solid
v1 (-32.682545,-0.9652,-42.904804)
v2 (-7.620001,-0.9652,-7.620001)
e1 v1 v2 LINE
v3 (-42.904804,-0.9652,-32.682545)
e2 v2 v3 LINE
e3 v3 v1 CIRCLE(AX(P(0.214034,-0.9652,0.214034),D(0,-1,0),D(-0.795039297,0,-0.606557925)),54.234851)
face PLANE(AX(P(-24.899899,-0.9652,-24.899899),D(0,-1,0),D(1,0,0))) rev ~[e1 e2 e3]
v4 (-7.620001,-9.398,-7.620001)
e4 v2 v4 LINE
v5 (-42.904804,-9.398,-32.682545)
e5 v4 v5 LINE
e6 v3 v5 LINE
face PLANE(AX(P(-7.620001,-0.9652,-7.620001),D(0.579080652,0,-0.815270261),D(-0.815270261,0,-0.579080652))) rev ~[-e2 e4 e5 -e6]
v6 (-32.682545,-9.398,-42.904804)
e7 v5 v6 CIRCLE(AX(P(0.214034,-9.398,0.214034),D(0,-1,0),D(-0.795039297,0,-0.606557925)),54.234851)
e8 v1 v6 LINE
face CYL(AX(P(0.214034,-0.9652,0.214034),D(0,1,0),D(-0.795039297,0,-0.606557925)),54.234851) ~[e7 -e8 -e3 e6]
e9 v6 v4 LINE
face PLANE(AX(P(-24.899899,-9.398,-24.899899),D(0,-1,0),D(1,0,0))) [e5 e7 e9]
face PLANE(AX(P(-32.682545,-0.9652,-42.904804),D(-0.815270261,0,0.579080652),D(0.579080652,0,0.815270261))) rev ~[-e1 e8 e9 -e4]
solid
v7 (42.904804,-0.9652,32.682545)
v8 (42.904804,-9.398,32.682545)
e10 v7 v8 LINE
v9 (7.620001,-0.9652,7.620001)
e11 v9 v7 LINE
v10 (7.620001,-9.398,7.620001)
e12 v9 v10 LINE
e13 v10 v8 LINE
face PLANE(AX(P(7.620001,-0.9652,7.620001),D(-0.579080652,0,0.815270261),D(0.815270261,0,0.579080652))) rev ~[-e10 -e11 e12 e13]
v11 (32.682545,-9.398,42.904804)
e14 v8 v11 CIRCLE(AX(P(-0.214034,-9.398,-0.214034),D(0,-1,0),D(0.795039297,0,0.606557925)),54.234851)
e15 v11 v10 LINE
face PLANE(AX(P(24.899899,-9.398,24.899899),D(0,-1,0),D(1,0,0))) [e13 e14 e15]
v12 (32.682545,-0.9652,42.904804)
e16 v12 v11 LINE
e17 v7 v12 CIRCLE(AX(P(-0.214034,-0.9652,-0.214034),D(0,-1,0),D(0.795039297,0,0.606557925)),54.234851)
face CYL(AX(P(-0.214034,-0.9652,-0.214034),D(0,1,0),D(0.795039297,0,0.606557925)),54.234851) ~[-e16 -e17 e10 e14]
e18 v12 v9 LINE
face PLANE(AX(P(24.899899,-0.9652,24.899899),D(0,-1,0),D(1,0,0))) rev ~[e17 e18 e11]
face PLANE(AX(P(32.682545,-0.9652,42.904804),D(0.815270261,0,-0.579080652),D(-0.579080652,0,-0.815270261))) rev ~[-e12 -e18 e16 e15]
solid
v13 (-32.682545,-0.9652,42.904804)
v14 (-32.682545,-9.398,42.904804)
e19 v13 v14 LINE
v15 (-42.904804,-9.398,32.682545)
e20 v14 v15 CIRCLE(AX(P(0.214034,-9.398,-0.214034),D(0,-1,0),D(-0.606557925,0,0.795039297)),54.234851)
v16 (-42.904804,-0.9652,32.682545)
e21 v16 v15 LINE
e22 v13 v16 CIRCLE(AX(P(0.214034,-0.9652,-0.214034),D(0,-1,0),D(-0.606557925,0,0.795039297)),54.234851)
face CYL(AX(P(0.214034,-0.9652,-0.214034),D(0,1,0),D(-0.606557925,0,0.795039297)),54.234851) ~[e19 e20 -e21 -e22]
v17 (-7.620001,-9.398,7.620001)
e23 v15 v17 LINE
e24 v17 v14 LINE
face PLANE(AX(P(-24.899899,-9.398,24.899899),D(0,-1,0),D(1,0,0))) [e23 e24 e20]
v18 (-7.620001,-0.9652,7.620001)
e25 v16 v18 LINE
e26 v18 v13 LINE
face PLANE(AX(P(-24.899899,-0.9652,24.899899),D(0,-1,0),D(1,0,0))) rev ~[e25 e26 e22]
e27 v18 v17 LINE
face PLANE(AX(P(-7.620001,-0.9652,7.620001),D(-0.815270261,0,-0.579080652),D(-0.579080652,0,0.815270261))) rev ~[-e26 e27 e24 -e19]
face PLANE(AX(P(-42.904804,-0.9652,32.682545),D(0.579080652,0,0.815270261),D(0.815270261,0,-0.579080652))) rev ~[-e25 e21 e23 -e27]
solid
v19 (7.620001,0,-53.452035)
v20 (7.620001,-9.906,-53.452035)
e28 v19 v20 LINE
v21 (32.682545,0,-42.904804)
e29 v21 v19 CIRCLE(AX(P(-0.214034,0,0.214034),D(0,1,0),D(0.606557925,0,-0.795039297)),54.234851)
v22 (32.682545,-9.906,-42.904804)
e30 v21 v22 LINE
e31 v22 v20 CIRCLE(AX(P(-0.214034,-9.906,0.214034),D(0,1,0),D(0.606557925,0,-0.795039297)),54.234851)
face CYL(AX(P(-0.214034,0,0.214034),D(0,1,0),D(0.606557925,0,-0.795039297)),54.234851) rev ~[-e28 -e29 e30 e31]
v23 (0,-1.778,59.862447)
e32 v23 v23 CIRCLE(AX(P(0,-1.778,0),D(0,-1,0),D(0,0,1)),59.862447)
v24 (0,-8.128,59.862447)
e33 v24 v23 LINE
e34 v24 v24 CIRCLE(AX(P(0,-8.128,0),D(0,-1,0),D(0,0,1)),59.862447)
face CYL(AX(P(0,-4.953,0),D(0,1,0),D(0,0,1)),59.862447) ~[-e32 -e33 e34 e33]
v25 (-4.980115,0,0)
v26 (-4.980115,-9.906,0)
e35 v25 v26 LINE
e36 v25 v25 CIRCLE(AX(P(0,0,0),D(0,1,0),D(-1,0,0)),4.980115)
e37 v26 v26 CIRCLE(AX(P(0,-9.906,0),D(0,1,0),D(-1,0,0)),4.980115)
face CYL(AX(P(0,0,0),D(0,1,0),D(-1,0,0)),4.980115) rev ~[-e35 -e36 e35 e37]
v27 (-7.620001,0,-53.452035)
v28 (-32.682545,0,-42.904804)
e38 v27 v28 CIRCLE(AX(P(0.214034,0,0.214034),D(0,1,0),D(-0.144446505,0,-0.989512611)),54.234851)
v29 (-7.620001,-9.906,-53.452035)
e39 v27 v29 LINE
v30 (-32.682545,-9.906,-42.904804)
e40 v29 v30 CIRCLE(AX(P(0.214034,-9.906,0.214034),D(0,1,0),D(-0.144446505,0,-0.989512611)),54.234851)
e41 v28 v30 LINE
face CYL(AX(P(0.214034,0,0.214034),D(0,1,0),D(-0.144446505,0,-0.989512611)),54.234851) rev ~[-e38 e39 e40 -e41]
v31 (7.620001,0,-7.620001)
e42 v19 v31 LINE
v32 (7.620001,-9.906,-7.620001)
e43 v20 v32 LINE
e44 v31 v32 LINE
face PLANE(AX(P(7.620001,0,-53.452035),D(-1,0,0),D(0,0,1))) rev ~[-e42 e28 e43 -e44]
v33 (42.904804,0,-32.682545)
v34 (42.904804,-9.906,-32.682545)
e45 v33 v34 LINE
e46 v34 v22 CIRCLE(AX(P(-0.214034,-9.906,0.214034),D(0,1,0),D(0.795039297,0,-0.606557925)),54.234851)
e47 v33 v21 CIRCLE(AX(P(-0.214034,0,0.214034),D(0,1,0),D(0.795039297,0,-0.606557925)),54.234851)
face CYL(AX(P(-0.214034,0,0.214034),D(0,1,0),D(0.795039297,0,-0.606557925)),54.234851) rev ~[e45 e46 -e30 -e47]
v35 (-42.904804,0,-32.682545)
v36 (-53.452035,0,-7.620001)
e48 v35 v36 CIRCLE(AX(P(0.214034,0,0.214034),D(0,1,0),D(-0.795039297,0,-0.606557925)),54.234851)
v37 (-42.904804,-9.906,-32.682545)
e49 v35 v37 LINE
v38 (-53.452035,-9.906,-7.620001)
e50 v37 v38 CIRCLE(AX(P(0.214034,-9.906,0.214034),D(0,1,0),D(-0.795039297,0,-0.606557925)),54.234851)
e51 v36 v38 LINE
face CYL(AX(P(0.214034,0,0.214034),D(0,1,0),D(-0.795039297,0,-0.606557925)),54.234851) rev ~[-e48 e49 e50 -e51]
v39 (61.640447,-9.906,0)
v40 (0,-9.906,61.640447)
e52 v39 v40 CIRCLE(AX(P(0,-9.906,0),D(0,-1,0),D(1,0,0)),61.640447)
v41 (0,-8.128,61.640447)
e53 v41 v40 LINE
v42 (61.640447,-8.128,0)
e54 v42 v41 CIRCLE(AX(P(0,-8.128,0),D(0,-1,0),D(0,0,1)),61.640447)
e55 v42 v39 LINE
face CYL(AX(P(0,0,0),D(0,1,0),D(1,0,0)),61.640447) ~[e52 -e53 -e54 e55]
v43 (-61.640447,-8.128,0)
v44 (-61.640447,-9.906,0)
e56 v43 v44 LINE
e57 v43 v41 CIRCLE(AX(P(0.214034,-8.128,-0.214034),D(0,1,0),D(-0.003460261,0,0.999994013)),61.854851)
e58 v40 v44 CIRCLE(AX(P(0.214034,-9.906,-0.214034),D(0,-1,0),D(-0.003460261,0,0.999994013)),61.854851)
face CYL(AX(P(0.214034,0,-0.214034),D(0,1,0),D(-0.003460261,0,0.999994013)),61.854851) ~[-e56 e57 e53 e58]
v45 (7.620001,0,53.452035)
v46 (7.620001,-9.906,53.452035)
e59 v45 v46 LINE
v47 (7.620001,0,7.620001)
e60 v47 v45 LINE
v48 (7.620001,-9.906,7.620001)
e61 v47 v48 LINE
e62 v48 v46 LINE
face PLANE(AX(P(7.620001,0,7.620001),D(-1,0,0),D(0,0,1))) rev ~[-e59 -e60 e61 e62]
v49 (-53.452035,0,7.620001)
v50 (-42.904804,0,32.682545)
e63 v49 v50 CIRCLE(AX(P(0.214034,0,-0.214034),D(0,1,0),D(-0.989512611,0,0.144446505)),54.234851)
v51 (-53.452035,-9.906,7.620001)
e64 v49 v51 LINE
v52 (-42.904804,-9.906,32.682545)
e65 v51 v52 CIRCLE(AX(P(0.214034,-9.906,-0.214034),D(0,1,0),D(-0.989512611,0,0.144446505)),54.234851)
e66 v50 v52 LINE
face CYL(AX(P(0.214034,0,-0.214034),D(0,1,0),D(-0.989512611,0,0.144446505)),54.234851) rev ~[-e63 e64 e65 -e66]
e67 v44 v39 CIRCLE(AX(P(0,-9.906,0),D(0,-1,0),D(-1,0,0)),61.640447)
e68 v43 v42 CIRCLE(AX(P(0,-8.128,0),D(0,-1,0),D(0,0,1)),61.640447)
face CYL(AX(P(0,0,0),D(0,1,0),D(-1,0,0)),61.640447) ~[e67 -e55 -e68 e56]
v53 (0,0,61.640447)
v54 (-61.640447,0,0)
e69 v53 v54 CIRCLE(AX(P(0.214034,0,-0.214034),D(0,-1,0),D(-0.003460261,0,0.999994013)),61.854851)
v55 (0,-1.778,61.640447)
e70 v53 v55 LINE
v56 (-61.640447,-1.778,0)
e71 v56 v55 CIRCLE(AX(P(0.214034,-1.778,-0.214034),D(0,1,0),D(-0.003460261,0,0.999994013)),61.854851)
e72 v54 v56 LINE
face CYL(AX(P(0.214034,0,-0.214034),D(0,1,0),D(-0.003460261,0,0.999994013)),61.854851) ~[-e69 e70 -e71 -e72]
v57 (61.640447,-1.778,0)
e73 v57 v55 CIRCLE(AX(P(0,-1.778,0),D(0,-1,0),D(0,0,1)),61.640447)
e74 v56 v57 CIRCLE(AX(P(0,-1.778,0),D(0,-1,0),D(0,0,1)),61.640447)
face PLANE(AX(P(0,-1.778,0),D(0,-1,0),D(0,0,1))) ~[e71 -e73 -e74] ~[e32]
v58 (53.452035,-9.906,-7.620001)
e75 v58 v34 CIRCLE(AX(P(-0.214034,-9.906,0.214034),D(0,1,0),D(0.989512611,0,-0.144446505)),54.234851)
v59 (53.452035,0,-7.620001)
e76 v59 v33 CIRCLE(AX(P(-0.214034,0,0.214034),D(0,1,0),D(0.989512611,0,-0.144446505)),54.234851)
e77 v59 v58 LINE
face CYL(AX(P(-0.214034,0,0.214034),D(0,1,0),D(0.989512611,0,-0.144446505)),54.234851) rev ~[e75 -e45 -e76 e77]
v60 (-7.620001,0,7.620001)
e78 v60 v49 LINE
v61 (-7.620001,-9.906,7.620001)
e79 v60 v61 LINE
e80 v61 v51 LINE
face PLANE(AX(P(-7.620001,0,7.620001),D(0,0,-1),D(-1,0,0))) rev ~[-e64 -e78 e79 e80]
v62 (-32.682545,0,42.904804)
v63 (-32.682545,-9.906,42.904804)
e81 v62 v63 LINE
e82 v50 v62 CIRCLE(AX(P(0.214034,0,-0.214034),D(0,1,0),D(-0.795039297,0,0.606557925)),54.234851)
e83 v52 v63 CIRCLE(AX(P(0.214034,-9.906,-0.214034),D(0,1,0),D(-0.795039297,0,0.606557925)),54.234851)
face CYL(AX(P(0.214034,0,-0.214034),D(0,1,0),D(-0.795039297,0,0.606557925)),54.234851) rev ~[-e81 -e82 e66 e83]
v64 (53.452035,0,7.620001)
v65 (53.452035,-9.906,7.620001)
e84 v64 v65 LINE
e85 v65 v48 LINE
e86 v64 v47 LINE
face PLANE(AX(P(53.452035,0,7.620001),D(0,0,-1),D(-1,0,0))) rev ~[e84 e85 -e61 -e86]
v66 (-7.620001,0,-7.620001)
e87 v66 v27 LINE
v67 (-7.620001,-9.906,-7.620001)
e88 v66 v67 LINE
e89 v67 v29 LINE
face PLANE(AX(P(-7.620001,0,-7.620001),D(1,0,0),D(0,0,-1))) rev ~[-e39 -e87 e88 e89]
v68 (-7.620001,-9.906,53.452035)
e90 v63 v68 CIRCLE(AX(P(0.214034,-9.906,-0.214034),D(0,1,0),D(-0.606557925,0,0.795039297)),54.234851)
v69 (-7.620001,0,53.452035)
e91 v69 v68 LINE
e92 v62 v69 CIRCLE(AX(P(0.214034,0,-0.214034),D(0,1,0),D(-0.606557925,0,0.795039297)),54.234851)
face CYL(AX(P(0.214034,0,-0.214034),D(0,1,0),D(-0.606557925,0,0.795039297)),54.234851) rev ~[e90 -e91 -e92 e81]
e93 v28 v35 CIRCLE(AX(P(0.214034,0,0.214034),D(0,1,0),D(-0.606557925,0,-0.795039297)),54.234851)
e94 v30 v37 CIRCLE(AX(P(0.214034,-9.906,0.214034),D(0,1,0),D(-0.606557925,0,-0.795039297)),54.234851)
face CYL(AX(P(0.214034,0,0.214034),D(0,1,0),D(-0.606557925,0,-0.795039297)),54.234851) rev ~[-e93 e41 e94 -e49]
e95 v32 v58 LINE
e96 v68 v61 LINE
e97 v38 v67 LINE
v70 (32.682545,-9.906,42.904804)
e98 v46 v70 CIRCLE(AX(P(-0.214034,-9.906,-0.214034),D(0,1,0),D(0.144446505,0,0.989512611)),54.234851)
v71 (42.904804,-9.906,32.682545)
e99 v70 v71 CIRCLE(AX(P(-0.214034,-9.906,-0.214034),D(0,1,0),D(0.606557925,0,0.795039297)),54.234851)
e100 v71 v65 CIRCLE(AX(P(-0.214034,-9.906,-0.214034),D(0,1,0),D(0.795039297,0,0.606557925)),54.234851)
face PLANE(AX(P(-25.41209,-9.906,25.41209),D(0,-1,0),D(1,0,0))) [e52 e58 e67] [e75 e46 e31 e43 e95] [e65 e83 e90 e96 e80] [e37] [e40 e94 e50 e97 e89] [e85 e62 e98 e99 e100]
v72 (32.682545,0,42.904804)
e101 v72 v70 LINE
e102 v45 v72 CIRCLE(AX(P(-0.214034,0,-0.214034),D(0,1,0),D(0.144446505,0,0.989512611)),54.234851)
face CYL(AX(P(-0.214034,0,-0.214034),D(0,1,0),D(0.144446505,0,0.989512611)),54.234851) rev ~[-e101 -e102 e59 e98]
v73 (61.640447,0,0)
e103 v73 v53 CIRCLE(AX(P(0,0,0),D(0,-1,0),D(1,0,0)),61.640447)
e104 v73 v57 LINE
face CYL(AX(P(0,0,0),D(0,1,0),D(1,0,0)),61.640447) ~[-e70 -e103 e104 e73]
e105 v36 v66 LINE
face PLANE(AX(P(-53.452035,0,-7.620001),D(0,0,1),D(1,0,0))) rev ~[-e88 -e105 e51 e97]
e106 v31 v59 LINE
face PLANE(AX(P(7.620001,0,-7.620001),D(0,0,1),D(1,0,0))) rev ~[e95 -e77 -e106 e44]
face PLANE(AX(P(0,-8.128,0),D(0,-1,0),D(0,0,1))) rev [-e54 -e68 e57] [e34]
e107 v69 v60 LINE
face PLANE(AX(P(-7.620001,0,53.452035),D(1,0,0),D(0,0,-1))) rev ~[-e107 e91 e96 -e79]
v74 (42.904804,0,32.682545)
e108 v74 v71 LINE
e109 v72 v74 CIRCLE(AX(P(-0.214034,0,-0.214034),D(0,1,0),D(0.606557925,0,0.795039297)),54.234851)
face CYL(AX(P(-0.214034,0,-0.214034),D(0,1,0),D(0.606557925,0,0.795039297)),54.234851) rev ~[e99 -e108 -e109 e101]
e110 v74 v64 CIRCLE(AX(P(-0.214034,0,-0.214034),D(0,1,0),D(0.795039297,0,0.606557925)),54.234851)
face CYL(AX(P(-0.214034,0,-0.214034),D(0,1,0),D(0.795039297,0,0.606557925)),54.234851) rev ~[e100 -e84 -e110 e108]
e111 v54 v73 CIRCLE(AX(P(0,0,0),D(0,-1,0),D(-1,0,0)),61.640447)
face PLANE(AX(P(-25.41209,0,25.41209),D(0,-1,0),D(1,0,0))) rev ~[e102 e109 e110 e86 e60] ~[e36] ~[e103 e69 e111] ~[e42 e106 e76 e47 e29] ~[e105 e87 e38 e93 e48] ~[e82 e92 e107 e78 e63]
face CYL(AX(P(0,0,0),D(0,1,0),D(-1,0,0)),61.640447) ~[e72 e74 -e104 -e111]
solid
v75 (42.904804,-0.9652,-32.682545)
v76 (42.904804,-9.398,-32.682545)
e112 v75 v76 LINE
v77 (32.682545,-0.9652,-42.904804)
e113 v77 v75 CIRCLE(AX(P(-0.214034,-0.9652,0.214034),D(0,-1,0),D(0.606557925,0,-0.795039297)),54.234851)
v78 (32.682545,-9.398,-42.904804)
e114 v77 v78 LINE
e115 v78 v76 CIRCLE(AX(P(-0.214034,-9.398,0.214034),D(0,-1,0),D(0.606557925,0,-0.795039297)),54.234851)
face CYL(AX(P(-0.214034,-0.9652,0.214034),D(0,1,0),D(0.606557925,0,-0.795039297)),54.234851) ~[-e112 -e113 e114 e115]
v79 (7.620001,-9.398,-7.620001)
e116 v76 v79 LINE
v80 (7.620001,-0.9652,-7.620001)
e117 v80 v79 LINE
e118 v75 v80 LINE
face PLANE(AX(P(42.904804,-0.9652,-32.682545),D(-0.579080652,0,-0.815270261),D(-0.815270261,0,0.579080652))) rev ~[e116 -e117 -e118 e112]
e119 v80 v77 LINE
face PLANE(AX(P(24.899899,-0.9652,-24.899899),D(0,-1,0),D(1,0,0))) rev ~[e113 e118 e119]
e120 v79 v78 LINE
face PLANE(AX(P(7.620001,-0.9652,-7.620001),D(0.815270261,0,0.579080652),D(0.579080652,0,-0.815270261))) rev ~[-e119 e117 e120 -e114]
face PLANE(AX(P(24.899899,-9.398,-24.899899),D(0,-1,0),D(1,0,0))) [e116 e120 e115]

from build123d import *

# Parameters (mm, degrees)
F1_DEPTH = 9.906
F2_R     = 4.9801152189
F3_DEPTH = 25.4
F4_START = 0.9652
F4_DEPTH = 8.4328
F5_W     = 6.35
F5_H     = 1.778


with BuildPart() as f1:
    # F0 (on Front) → F1 (new body)
    with BuildSketch(Plane.XZ):
        with BuildLine():
            Line((0, 0), (0, 61.6404471462))
            ThreePointArc((0, 61.6404471462), (-43.5239509261, 43.5239509261), (-61.6404471462, 0))
            Line((-61.6404471462, 0), (0, 0))
        make_face()
        with BuildLine():
            ThreePointArc((-32.6825445587, 42.9048036652), (-20.8229984577, 49.7745877791), (-7.620000662, 53.4520348147))
            Line((-7.620000662, 53.4520348147), (-7.620000662, 7.620000662))
            Line((-7.620000662, 7.620000662), (-53.4520348147, 7.620000662))
            ThreePointArc((-53.4520348147, 7.620000662), (-49.7745877791, 20.8229984577), (-42.9048036652, 32.6825445587))
            ThreePointArc((-42.9048036652, 32.6825445587), (-38.1357967854, 38.1357967854), (-32.6825445587, 42.9048036652))
        make_face(mode=Mode.SUBTRACT)
        with BuildLine():
            ThreePointArc((-61.6404471462, 0), (0, -61.6404471462), (61.6404471462, 0))
            ThreePointArc((61.6404471462, 0), (43.5863781724, 43.5863781724), (0, 61.6404471462))
            Line((0, 61.6404471462), (0, 0))
            Line((0, 0), (-61.6404471462, 0))
        make_face()
        with BuildLine():
            ThreePointArc((-42.9048036652, -32.6825445587), (-49.7745877791, -20.8229984577), (-53.4520348147, -7.620000662))
            Line((-53.4520348147, -7.620000662), (-7.620000662, -7.620000662))
            Line((-7.620000662, -7.620000662), (-7.620000662, -53.4520348147))
            ThreePointArc((-7.620000662, -53.4520348147), (-20.8229984577, -49.7745877791), (-32.6825445587, -42.9048036652))
            ThreePointArc((-32.6825445587, -42.9048036652), (-38.1357967854, -38.1357967854), (-42.9048036652, -32.6825445587))
        make_face(mode=Mode.SUBTRACT)
        with BuildLine():
            ThreePointArc((32.6825445587, -42.9048036652), (20.8229984577, -49.7745877791), (7.620000662, -53.4520348147))
            Line((7.620000662, -53.4520348147), (7.620000662, -7.620000662))
            Line((7.620000662, -7.620000662), (53.4520348147, -7.620000662))
            ThreePointArc((53.4520348147, -7.620000662), (49.7745877791, -20.8229984577), (42.9048036652, -32.6825445587))
            ThreePointArc((42.9048036652, -32.6825445587), (38.1357967854, -38.1357967854), (32.6825445587, -42.9048036652))
        make_face(mode=Mode.SUBTRACT)
        with BuildLine():
            ThreePointArc((42.9048036652, 32.6825445587), (49.7745877791, 20.8229984577), (53.4520348147, 7.620000662))
            Line((53.4520348147, 7.620000662), (7.620000662, 7.620000662))
            Line((7.620000662, 7.620000662), (7.620000662, 53.4520348147))
            ThreePointArc((7.620000662, 53.4520348147), (20.8229984577, 49.7745877791), (32.6825445587, 42.9048036652))
            ThreePointArc((32.6825445587, 42.9048036652), (38.1357967854, 38.1357967854), (42.9048036652, 32.6825445587))
        make_face(mode=Mode.SUBTRACT)
    extrude(amount=F1_DEPTH)

    # F2 (on face) → F3 (cut)
    with BuildSketch(Plane(origin=(0, 0, 0), x_dir=(-1, 0, 0), z_dir=(0, 1, 0))):
        Circle(F2_R)
    extrude(amount=-F3_DEPTH, mode=Mode.SUBTRACT)

    # F5 (on Right) → F6 (revolve, cut)
    with BuildSketch(Plane.YZ):
        with Locations((-4.953, 60.7514471462)):
            Rectangle(F5_W, F5_H)
    revolve(axis=Axis((0, -19.4112598596, 0), (0, -1, 0)), mode=Mode.SUBTRACT)


with BuildPart() as f4:
    # F0 (on Front) → F4 (new body)
    with BuildSketch(Plane.XZ.offset(F4_START)):
        with BuildLine():
            Line((-7.620000662, 7.620000662), (-32.6825445587, 42.9048036652))
            ThreePointArc((-32.6825445587, 42.9048036652), (-38.1357967854, 38.1357967854), (-42.9048036652, 32.6825445587))
            Line((-42.9048036652, 32.6825445587), (-7.620000662, 7.620000662))
        make_face()
    extrude(amount=F4_DEPTH)


with BuildPart() as f4b:
    # F0 (on Front) → F4, piece 2 (new body)
    with BuildSketch(Plane.XZ.offset(F4_START)):
        with BuildLine():
            Line((-7.620000662, -7.620000662), (-42.9048036652, -32.6825445587))
            ThreePointArc((-42.9048036652, -32.6825445587), (-38.1357967854, -38.1357967854), (-32.6825445587, -42.9048036652))
            Line((-32.6825445587, -42.9048036652), (-7.620000662, -7.620000662))
        make_face()
    extrude(amount=F4_DEPTH)


with BuildPart() as f4c:
    # F0 (on Front) → F4, piece 3 (new body)
    with BuildSketch(Plane.XZ.offset(F4_START)):
        with BuildLine():
            Line((7.620000662, -7.620000662), (32.6825445587, -42.9048036652))
            ThreePointArc((32.6825445587, -42.9048036652), (38.1357967854, -38.1357967854), (42.9048036652, -32.6825445587))
            Line((42.9048036652, -32.6825445587), (7.620000662, -7.620000662))
        make_face()
    extrude(amount=F4_DEPTH)


with BuildPart() as f4d:
    # F0 (on Front) → F4, piece 4 (new body)
    with BuildSketch(Plane.XZ.offset(F4_START)):
        with BuildLine():
            Line((7.620000662, 7.620000662), (42.9048036652, 32.6825445587))
            ThreePointArc((42.9048036652, 32.6825445587), (38.1357967854, 38.1357967854), (32.6825445587, 42.9048036652))
            Line((32.6825445587, 42.9048036652), (7.620000662, 7.620000662))
        make_face()
    extrude(amount=F4_DEPTH)


solid = Compound([f1.part, f4.part, f4b.part, f4c.part, f4d.part])
